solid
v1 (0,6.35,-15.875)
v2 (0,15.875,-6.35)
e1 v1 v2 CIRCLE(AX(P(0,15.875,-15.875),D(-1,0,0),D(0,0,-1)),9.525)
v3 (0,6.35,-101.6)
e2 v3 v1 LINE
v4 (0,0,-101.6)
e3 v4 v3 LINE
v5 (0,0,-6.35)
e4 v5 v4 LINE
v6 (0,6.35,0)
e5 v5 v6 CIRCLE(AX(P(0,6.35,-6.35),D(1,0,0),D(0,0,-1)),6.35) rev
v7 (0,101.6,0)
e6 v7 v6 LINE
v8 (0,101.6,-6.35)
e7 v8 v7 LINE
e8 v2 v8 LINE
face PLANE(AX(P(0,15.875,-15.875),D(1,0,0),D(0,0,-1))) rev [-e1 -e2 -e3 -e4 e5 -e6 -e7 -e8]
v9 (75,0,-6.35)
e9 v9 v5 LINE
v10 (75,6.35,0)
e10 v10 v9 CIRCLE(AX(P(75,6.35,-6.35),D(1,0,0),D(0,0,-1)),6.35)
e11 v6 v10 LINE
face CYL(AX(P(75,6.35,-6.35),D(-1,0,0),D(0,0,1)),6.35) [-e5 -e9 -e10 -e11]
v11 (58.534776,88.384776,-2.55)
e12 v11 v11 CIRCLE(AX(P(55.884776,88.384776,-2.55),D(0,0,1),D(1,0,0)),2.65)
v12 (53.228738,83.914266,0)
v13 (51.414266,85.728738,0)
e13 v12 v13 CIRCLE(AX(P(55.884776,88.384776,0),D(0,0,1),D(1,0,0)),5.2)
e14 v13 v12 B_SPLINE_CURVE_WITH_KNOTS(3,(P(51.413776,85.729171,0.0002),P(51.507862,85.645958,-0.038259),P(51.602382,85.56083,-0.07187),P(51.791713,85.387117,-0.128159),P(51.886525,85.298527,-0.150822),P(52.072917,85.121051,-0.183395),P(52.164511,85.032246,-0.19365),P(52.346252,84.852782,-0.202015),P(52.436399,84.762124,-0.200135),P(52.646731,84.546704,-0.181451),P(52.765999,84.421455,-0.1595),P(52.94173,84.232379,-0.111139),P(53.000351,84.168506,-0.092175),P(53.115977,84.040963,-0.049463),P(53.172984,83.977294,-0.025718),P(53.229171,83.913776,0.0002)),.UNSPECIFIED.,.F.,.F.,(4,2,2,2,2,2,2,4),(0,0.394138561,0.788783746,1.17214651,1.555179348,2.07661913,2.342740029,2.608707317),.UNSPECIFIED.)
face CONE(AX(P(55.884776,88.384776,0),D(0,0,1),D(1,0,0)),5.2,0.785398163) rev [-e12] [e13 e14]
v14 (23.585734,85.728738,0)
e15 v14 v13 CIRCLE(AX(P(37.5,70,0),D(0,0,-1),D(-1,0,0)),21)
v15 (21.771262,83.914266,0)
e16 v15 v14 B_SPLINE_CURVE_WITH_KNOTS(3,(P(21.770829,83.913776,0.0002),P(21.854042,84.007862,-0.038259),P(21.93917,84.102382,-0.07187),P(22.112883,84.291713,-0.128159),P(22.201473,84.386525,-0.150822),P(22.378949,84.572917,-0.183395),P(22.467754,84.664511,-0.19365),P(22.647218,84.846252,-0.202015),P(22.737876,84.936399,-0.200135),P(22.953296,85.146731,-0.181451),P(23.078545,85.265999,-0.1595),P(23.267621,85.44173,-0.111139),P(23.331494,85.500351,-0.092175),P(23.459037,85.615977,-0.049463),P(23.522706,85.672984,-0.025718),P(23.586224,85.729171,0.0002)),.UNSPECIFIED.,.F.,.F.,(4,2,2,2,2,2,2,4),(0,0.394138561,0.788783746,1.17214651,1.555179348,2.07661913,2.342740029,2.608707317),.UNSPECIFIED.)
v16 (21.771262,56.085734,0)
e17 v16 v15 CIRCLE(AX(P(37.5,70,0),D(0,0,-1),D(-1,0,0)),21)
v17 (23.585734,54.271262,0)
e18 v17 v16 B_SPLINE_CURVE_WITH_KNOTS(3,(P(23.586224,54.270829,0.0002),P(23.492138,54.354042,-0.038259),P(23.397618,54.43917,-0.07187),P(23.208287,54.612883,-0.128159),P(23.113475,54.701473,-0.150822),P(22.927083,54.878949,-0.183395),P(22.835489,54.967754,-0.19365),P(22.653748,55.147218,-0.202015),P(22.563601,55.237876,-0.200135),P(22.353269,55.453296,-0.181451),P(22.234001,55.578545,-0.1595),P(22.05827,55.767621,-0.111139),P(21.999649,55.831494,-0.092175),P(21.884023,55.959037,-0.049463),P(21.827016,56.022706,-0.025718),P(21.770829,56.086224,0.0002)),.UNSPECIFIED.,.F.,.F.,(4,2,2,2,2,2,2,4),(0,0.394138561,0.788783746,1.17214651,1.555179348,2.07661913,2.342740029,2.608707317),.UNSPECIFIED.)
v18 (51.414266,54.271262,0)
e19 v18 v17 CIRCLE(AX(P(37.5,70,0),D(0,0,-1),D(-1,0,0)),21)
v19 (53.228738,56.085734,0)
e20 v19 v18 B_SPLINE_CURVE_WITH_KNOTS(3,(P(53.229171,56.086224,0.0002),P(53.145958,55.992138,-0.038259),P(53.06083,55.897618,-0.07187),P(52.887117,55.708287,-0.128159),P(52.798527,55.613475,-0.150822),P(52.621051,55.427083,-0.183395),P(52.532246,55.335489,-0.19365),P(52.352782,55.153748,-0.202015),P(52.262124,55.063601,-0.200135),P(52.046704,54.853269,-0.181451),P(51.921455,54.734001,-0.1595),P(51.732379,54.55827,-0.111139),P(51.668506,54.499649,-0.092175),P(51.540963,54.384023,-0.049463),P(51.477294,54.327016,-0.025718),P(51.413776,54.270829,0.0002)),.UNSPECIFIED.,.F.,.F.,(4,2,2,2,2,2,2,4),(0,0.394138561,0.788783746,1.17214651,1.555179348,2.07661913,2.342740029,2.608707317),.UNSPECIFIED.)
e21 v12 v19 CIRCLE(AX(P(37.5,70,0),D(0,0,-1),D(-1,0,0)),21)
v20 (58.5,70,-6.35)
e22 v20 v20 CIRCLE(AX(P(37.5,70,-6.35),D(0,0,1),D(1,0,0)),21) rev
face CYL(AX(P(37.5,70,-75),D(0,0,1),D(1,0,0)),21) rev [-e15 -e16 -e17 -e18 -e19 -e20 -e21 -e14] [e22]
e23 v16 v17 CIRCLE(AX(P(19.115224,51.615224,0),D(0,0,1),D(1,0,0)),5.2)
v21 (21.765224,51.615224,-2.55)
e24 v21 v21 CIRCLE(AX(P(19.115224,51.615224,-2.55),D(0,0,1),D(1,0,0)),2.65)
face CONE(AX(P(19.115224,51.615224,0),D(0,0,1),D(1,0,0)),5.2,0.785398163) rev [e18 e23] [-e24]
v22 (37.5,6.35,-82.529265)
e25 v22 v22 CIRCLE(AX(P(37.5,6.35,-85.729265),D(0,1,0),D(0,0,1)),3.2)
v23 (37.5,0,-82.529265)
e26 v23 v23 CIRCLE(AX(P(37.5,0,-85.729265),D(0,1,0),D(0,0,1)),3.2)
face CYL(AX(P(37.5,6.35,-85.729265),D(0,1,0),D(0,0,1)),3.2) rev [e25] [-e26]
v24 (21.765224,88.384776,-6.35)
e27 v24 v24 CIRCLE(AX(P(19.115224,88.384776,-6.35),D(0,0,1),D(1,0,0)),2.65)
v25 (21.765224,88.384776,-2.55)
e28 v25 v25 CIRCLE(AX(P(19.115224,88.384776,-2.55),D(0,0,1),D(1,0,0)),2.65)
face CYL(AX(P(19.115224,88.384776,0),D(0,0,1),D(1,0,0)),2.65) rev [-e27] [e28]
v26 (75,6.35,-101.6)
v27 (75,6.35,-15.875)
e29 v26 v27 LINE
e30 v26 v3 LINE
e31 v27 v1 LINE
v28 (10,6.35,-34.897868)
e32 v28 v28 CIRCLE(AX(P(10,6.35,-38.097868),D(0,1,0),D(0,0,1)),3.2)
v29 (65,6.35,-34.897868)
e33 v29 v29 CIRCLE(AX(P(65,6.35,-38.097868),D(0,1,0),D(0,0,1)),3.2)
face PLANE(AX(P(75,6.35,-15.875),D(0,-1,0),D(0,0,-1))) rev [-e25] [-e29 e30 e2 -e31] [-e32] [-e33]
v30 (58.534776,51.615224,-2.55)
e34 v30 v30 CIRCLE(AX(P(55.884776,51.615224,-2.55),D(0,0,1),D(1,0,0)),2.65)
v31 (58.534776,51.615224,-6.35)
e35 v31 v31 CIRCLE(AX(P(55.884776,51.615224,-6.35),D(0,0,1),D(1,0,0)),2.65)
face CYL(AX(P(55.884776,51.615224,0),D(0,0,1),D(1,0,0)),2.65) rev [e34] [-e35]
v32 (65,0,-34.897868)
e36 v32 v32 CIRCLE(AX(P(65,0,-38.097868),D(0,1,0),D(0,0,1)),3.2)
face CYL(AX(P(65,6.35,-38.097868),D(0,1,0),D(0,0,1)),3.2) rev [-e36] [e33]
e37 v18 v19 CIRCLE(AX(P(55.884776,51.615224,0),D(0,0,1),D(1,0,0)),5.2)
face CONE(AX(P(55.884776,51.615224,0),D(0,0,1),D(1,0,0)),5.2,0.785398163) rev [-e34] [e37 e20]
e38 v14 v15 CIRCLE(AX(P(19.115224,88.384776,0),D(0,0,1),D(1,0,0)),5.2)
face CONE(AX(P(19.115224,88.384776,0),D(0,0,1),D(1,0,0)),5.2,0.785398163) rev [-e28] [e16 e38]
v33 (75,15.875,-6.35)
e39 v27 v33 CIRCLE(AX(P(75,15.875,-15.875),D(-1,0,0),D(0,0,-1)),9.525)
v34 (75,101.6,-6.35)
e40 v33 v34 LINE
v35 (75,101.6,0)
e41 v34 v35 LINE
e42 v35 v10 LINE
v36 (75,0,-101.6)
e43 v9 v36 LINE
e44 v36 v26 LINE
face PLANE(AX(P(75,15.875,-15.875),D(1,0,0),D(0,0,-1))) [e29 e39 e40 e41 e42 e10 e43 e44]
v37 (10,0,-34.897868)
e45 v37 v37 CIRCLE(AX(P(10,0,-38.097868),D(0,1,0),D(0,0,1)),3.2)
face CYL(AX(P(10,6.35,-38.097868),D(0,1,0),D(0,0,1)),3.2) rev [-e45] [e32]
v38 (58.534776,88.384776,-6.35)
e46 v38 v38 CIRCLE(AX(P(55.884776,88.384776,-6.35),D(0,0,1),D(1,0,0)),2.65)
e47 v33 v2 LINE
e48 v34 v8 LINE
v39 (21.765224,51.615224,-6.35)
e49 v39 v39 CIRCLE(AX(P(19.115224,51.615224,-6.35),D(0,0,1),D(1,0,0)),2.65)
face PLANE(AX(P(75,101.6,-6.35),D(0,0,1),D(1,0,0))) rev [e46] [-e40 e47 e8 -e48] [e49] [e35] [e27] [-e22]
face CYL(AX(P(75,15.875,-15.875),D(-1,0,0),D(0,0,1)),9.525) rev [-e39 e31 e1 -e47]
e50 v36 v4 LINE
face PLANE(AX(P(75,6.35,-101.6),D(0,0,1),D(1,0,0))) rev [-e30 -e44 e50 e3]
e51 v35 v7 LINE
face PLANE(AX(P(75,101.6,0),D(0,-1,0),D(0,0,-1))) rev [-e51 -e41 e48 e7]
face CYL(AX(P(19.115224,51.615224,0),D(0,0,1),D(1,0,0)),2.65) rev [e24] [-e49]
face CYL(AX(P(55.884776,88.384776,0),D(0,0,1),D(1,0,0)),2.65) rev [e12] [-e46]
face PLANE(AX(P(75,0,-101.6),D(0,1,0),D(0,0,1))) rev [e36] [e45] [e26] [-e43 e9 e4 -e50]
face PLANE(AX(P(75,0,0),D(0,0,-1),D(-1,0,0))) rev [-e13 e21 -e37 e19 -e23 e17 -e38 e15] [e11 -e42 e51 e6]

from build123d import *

# Parameters (mm, degrees)
BOSS_EXTRUDE1_DEPTH  = 75
FILLET1_R            = 6.35
SKETCH2_R            = 21
CUT_EXTRUDE1_DEPTH   = 75
CIRPATTERN1_COUNT    = 4
M6_CLEARANCE_HOLE1_D = 6.4


with BuildPart() as part:
    # Sketch1 → Boss-Extrude1 (new body)
    with BuildSketch(Plane(origin=(0, 0, 0), x_dir=(0, 0, -1), z_dir=(1, 0, 0))):
        with BuildLine():
            Line((0, 0), (0, 101.6))
            Line((0, 101.6), (6.35, 101.6))
            Line((6.35, 101.6), (6.35, 15.875))
            ThreePointArc((6.35, 15.875), (9.139807909, 9.139807909), (15.875, 6.35))
            Line((15.875, 6.35), (101.6, 6.35))
            Line((101.6, 6.35), (101.6, 0))
            Line((101.6, 0), (0, 0))
        make_face()
    extrude(amount=BOSS_EXTRUDE1_DEPTH)

    # Fillet1
    fillet1_edges = [part.edges().sort_by_distance(p)[0] for p in [
        (37.5, 0, 0),
    ]]
    fillet(fillet1_edges, radius=FILLET1_R)

    # Sketch2 → Cut-Extrude1 (cut)
    with BuildSketch(Plane(origin=(0, 0, 0), x_dir=(-1, 0, 0), z_dir=(0, 0, -1))):
        with Locations((-37.5, 70)):
            Circle(SKETCH2_R)
    extrude(amount=CUT_EXTRUDE1_DEPTH, mode=Mode.SUBTRACT)

    # Sketch13 → CSK for M5 Flat Head Machine Screw3 (revolve, cut)
    with BuildSketch(Plane(origin=(55.884776311, 88.384776311, 0), x_dir=(0, -1, 0), z_dir=(1, 0, 0))):
        Polygon((0, 0), (0, 14.29228064), (2.65, 12.7), (2.65, 2.55), (5.2, 0), align=None)
    csk_for_m5_flat_head_machine_screw3 = revolve(axis=Axis((55.884776311, 88.384776311, 6.35), (0, 0, -1)), mode=Mode.SUBTRACT)

    # CirPattern1: CSK for M5 Flat Head Machine Screw3 ×4 about axis
    cirpattern1_axis = Axis((37.5, 70, -75), (0, 0, 1))
    for i in range(1, CIRPATTERN1_COUNT):
        add(csk_for_m5_flat_head_machine_screw3.rotate(cirpattern1_axis, i * 360 / CIRPATTERN1_COUNT), mode=Mode.SUBTRACT)

    # M6 Clearance Hole1 (through all)
    with Locations(Plane(origin=(37.5, 6.35, -85.729264805), x_dir=(0, 0, 1), z_dir=(0, 1, 0))):
        with Locations((0, 0), (47.631397208, 27.5), (47.631397208, -27.5)):
            Hole(M6_CLEARANCE_HOLE1_D / 2)


solid = part.part
